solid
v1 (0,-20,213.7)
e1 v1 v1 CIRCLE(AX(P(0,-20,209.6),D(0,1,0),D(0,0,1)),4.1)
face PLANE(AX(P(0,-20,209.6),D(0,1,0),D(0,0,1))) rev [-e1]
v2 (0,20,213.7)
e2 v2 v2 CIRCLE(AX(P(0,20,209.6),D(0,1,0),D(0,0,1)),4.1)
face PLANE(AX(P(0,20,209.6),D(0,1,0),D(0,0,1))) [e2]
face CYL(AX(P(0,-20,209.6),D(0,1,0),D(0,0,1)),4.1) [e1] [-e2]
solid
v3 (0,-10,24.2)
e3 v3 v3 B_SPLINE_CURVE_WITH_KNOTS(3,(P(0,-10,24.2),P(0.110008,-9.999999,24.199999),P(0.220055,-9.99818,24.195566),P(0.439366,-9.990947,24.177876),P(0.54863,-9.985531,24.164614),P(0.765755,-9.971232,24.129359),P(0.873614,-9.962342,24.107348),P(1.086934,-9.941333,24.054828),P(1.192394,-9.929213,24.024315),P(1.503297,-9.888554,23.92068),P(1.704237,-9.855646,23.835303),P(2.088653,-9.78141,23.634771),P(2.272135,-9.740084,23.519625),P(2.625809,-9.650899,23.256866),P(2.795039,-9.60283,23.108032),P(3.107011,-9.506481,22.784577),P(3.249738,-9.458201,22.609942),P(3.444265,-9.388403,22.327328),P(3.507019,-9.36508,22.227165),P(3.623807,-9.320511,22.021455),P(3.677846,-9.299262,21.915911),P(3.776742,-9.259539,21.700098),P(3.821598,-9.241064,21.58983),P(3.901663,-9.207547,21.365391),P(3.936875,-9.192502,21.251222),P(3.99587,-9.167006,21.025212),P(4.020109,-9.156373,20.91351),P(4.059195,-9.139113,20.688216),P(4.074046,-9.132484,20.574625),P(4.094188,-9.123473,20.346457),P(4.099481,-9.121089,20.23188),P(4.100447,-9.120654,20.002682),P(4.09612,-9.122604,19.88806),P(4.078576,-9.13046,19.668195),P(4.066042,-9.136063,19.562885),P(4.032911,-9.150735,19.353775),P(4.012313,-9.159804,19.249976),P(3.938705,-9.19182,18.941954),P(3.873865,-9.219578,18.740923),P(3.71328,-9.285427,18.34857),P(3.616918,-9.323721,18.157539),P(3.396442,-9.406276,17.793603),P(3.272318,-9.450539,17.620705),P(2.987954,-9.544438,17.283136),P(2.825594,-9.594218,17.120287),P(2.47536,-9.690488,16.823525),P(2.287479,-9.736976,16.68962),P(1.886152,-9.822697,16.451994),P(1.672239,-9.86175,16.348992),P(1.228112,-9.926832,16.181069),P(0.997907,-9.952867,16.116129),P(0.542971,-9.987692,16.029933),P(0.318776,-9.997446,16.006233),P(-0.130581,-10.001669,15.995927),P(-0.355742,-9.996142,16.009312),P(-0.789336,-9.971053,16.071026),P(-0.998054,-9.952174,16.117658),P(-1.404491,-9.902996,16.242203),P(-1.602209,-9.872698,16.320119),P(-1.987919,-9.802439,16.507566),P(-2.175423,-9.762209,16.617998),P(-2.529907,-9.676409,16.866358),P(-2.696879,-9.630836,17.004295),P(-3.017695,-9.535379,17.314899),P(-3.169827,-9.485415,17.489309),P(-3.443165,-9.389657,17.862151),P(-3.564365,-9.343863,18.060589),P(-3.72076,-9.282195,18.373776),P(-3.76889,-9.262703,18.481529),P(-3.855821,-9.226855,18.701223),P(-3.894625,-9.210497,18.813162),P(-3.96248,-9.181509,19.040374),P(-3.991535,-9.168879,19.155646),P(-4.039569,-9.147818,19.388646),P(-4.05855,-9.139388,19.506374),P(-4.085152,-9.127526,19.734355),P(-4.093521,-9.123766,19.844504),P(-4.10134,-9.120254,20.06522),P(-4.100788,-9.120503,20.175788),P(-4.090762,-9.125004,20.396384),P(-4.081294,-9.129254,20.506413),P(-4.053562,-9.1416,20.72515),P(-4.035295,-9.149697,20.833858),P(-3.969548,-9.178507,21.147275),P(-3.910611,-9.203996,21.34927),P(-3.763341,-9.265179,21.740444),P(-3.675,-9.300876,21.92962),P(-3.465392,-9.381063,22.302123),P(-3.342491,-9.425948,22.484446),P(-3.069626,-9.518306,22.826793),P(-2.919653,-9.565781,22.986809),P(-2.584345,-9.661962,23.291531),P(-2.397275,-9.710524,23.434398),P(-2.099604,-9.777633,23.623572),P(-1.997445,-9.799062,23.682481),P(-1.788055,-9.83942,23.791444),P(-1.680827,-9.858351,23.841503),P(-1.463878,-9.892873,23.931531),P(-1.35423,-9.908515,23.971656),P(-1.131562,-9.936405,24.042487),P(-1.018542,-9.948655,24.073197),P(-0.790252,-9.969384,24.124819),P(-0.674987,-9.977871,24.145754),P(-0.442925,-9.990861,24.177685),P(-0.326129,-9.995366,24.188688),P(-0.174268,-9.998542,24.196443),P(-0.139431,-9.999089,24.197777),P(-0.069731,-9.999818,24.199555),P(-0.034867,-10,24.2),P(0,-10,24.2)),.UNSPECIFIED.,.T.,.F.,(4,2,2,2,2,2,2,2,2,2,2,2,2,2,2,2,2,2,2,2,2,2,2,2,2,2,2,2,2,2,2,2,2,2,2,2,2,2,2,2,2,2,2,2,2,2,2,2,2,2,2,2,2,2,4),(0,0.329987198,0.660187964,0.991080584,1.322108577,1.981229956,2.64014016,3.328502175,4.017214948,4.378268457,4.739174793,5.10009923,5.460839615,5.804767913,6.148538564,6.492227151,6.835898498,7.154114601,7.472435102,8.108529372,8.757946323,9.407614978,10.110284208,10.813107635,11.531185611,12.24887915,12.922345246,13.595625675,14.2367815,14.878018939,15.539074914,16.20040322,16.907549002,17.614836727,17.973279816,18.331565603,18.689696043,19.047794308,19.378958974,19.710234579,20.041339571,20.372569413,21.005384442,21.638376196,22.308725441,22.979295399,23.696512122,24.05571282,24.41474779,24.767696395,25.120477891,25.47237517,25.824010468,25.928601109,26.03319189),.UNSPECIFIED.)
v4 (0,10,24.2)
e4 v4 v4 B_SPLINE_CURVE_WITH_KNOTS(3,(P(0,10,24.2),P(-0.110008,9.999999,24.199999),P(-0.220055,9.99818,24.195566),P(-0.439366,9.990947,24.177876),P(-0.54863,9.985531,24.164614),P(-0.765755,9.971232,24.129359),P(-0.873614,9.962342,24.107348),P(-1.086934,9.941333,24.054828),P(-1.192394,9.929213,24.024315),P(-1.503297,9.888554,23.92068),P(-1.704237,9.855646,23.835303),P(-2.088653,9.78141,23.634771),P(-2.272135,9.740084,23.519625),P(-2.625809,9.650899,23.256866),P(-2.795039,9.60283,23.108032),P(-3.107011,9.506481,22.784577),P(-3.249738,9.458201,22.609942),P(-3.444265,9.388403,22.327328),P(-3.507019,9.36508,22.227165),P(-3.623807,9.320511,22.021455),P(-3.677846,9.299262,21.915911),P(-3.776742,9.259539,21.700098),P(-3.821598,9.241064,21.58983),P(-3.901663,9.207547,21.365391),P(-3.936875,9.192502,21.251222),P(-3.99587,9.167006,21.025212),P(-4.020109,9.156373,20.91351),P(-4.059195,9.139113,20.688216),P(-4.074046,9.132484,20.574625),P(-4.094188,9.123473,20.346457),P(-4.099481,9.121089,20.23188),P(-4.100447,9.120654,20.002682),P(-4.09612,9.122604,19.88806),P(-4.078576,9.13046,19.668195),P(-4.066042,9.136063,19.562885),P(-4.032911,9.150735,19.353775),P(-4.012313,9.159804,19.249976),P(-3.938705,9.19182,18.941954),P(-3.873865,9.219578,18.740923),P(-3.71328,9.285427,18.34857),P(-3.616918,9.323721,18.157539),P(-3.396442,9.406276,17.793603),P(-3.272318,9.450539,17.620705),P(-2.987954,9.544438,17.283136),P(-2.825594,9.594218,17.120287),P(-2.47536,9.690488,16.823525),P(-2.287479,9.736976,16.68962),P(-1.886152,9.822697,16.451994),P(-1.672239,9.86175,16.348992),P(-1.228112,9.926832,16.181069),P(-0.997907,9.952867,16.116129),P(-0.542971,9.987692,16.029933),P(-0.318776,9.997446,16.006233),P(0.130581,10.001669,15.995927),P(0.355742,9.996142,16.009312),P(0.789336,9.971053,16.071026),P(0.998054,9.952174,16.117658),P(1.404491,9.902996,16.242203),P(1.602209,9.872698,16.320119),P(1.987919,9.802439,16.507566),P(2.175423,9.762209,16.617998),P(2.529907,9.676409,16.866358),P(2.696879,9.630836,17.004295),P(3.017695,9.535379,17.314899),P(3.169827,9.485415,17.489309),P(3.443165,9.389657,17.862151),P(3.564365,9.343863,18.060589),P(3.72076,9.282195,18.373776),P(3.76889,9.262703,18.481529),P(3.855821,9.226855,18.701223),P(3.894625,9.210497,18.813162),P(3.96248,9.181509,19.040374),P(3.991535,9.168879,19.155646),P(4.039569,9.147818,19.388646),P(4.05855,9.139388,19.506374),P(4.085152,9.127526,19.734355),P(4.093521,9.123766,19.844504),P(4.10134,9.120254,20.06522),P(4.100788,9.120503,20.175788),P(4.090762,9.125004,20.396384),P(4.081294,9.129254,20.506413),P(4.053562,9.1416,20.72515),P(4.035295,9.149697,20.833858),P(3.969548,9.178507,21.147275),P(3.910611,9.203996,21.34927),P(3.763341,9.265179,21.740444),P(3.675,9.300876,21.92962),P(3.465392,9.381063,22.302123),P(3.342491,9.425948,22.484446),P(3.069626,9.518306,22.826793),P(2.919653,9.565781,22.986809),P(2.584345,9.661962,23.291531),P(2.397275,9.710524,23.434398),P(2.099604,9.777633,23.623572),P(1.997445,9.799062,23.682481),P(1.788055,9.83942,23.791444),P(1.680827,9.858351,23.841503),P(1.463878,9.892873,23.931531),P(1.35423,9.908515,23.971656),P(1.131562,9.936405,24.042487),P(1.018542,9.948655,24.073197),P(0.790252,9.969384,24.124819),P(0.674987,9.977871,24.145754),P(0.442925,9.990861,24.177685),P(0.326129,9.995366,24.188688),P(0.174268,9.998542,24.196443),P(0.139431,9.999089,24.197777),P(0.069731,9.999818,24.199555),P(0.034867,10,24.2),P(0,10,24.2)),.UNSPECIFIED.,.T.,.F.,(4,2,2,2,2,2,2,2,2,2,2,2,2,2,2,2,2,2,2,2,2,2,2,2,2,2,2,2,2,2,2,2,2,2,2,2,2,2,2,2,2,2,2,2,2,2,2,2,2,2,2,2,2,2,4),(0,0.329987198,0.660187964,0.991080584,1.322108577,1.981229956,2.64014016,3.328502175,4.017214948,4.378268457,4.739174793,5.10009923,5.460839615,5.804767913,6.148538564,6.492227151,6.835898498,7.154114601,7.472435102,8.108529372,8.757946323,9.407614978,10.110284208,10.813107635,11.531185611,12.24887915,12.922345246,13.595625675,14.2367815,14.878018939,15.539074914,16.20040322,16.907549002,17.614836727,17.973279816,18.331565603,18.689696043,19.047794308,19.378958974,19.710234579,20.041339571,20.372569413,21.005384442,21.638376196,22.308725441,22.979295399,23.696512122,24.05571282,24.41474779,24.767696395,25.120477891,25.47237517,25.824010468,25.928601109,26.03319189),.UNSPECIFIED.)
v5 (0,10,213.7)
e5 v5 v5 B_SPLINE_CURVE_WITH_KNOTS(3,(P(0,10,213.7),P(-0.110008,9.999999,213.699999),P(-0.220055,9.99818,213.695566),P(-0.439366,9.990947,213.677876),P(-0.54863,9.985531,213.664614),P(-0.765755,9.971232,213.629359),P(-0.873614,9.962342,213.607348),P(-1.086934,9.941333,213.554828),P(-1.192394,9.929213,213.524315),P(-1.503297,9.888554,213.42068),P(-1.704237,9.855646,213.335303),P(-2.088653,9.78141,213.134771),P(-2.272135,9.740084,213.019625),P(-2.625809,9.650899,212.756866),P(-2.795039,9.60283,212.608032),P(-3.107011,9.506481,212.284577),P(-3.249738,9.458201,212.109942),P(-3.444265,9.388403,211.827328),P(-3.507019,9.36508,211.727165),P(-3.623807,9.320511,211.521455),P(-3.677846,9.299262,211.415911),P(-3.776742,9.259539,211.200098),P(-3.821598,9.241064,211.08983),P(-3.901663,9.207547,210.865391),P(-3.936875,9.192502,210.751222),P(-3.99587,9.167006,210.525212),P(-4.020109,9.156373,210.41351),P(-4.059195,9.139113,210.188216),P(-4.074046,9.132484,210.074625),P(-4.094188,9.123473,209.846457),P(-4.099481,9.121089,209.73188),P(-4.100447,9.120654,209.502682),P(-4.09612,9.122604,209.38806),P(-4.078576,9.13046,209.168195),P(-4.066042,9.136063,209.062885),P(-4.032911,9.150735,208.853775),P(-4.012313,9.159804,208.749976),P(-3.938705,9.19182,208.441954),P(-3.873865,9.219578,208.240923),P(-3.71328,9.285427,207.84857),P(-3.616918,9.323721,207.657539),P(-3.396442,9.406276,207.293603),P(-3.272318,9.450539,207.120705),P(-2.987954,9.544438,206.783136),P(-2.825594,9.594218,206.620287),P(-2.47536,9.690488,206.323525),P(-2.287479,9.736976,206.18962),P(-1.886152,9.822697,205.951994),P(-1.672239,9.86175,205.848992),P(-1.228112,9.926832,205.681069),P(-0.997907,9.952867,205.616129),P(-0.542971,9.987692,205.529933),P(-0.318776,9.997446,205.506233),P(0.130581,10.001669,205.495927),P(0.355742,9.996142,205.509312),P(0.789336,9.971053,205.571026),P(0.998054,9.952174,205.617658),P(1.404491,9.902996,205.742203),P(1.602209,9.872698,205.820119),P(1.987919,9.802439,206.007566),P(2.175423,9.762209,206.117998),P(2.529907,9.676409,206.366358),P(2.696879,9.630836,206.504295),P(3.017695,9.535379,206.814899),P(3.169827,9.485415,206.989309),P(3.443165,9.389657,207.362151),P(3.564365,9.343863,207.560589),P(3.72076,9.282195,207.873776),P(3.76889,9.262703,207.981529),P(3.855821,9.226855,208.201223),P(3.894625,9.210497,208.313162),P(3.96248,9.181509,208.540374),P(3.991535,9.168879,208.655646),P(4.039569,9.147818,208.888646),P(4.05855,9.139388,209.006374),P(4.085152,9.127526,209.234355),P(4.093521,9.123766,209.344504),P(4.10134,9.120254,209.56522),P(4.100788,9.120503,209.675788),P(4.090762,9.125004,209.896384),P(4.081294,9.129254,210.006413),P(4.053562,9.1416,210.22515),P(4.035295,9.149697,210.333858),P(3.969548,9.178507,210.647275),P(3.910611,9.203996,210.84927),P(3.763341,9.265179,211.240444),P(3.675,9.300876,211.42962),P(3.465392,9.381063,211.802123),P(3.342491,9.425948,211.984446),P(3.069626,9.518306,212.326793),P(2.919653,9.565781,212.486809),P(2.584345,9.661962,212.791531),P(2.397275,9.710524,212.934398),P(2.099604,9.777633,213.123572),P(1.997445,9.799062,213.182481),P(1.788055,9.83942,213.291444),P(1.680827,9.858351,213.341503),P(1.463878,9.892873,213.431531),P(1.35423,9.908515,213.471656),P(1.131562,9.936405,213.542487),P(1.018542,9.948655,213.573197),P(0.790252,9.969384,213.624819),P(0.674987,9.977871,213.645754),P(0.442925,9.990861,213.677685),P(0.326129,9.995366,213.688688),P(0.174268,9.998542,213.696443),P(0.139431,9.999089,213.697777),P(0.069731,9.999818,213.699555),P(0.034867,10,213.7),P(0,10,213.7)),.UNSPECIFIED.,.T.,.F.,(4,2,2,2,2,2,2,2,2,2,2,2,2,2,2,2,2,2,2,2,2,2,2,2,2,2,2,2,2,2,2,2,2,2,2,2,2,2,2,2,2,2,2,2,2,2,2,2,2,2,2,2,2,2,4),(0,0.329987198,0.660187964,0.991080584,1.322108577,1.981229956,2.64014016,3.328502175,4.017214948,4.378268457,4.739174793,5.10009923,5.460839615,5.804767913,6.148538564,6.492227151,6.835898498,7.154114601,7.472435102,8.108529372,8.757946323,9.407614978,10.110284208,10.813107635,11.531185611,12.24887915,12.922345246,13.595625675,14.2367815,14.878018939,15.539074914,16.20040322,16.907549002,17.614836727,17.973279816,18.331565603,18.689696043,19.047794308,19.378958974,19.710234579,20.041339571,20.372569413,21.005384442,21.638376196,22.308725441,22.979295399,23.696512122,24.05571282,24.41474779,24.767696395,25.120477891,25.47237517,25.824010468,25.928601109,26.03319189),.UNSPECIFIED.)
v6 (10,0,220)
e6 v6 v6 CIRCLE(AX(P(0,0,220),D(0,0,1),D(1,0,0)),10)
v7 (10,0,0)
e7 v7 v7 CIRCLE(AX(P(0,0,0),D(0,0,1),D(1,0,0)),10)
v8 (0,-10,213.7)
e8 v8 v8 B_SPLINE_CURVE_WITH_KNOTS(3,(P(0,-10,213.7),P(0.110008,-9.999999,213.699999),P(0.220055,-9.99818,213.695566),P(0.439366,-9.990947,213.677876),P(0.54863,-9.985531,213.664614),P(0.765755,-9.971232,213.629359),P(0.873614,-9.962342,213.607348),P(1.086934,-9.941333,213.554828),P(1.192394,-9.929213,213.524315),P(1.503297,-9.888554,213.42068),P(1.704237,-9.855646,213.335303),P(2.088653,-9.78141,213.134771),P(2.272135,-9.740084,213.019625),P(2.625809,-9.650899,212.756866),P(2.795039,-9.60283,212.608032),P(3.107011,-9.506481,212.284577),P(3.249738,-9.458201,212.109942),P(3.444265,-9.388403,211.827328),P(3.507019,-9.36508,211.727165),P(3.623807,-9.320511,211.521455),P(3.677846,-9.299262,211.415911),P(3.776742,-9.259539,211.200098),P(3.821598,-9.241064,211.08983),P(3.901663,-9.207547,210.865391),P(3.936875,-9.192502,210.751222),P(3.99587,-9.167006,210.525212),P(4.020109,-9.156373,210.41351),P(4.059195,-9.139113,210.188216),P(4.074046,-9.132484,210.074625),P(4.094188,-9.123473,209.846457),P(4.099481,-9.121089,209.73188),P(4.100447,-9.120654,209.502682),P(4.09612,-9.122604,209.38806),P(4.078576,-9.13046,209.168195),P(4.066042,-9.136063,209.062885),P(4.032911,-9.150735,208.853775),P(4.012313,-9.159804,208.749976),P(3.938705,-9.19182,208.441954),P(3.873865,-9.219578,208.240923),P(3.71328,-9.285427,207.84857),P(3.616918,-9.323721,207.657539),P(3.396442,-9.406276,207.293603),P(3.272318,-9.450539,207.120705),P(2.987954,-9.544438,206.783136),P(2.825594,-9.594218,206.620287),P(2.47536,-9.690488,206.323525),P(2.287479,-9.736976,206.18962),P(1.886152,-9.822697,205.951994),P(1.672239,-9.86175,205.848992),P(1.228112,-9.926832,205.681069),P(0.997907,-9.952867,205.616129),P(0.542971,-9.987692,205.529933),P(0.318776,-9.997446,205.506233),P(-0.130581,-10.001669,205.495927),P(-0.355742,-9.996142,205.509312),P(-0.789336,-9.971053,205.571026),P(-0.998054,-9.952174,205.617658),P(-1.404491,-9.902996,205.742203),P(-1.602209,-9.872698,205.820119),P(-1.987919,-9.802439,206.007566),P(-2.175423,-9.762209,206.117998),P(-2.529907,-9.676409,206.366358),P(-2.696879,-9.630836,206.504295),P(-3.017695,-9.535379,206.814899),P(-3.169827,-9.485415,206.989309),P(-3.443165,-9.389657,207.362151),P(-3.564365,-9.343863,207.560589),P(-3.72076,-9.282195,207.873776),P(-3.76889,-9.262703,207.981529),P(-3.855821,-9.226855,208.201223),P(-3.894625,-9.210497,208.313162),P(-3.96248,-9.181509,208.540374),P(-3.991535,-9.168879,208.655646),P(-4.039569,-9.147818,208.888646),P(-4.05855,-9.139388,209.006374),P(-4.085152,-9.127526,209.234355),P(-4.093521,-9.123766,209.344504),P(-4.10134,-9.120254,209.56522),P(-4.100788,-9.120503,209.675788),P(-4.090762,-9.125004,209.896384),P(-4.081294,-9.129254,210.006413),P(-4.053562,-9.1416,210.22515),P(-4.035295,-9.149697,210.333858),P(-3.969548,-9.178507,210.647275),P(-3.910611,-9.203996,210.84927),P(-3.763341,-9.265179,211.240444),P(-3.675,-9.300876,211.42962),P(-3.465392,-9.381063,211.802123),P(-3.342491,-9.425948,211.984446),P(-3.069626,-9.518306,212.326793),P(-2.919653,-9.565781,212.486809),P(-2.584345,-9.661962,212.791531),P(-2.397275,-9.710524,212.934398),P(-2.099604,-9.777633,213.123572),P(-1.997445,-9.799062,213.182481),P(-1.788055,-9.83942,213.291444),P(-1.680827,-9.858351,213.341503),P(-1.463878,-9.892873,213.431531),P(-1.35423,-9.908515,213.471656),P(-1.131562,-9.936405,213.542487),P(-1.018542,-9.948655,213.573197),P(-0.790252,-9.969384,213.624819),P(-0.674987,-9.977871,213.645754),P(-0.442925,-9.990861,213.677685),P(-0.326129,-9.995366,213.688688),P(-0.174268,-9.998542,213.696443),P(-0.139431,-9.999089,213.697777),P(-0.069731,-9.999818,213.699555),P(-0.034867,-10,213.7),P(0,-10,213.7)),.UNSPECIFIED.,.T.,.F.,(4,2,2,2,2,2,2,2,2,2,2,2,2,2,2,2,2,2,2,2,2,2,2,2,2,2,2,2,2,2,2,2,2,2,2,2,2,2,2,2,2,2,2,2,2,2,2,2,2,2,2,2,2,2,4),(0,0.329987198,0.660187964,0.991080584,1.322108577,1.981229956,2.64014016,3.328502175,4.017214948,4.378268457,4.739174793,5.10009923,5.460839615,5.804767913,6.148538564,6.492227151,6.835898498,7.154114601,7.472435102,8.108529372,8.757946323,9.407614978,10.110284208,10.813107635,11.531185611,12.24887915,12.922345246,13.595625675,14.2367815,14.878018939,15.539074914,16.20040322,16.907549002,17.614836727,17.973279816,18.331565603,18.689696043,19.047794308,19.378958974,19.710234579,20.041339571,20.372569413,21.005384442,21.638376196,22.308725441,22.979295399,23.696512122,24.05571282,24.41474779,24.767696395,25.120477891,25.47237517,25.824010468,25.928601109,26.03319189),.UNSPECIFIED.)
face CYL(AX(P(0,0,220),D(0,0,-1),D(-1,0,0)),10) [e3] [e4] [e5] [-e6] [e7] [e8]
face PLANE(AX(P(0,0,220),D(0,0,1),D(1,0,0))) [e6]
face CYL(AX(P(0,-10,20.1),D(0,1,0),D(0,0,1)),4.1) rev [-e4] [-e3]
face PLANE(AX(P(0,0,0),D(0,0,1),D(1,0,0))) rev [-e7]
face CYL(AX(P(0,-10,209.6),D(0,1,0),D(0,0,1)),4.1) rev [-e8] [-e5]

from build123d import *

# Parameters (mm, degrees)
SKETCH_1_R               = 10
EXTRUDE_1_DEPTH          = 220
CUT_EXTRUDE_1_DEPTH      = 221.45407685
CUT_EXTRUDE_1_DEPTH_BACK = 221.45407685
SKETCH_2_R               = 4.1
EXTRUDE_2_DEPTH          = 20
EXTRUDE_2_DEPTH_BACK     = 20
SKETCH_3_R               = 4.1


with BuildPart() as part:
    # Эскиз1 → Бобышка-Вытянуть1 (new body)
    with BuildSketch(Plane.XY):
        Circle(SKETCH_1_R)
    extrude(amount=EXTRUDE_1_DEPTH)

    # Эскиз2 → Вырез-Вытянуть1 (cut, two sides: drawn at the far end of the back side and taken through both)
    with BuildSketch(Plane(origin=(0, 0, 0), x_dir=(1, 0, 0), z_dir=(0, 1, 0)).offset(-CUT_EXTRUDE_1_DEPTH_BACK)):
        with Locations((0, -20.1)):
            Circle(SKETCH_2_R)
        with Locations((0, -209.6)):
            Circle(SKETCH_2_R)
    extrude(amount=CUT_EXTRUDE_1_DEPTH + CUT_EXTRUDE_1_DEPTH_BACK, mode=Mode.SUBTRACT)


with BuildPart() as body_2:
    # Эскиз3 → Бобышка-Вытянуть2 (new, two sides: drawn at the far end of the back side and taken through both)
    with BuildSketch(Plane(origin=(0, 0, 0), x_dir=(1, 0, 0), z_dir=(0, 1, 0)).offset(-EXTRUDE_2_DEPTH_BACK)):
        with Locations((0, -209.6)):
            Circle(SKETCH_3_R)
    extrude(amount=EXTRUDE_2_DEPTH + EXTRUDE_2_DEPTH_BACK)


solid = Compound([part.part, body_2.part])
